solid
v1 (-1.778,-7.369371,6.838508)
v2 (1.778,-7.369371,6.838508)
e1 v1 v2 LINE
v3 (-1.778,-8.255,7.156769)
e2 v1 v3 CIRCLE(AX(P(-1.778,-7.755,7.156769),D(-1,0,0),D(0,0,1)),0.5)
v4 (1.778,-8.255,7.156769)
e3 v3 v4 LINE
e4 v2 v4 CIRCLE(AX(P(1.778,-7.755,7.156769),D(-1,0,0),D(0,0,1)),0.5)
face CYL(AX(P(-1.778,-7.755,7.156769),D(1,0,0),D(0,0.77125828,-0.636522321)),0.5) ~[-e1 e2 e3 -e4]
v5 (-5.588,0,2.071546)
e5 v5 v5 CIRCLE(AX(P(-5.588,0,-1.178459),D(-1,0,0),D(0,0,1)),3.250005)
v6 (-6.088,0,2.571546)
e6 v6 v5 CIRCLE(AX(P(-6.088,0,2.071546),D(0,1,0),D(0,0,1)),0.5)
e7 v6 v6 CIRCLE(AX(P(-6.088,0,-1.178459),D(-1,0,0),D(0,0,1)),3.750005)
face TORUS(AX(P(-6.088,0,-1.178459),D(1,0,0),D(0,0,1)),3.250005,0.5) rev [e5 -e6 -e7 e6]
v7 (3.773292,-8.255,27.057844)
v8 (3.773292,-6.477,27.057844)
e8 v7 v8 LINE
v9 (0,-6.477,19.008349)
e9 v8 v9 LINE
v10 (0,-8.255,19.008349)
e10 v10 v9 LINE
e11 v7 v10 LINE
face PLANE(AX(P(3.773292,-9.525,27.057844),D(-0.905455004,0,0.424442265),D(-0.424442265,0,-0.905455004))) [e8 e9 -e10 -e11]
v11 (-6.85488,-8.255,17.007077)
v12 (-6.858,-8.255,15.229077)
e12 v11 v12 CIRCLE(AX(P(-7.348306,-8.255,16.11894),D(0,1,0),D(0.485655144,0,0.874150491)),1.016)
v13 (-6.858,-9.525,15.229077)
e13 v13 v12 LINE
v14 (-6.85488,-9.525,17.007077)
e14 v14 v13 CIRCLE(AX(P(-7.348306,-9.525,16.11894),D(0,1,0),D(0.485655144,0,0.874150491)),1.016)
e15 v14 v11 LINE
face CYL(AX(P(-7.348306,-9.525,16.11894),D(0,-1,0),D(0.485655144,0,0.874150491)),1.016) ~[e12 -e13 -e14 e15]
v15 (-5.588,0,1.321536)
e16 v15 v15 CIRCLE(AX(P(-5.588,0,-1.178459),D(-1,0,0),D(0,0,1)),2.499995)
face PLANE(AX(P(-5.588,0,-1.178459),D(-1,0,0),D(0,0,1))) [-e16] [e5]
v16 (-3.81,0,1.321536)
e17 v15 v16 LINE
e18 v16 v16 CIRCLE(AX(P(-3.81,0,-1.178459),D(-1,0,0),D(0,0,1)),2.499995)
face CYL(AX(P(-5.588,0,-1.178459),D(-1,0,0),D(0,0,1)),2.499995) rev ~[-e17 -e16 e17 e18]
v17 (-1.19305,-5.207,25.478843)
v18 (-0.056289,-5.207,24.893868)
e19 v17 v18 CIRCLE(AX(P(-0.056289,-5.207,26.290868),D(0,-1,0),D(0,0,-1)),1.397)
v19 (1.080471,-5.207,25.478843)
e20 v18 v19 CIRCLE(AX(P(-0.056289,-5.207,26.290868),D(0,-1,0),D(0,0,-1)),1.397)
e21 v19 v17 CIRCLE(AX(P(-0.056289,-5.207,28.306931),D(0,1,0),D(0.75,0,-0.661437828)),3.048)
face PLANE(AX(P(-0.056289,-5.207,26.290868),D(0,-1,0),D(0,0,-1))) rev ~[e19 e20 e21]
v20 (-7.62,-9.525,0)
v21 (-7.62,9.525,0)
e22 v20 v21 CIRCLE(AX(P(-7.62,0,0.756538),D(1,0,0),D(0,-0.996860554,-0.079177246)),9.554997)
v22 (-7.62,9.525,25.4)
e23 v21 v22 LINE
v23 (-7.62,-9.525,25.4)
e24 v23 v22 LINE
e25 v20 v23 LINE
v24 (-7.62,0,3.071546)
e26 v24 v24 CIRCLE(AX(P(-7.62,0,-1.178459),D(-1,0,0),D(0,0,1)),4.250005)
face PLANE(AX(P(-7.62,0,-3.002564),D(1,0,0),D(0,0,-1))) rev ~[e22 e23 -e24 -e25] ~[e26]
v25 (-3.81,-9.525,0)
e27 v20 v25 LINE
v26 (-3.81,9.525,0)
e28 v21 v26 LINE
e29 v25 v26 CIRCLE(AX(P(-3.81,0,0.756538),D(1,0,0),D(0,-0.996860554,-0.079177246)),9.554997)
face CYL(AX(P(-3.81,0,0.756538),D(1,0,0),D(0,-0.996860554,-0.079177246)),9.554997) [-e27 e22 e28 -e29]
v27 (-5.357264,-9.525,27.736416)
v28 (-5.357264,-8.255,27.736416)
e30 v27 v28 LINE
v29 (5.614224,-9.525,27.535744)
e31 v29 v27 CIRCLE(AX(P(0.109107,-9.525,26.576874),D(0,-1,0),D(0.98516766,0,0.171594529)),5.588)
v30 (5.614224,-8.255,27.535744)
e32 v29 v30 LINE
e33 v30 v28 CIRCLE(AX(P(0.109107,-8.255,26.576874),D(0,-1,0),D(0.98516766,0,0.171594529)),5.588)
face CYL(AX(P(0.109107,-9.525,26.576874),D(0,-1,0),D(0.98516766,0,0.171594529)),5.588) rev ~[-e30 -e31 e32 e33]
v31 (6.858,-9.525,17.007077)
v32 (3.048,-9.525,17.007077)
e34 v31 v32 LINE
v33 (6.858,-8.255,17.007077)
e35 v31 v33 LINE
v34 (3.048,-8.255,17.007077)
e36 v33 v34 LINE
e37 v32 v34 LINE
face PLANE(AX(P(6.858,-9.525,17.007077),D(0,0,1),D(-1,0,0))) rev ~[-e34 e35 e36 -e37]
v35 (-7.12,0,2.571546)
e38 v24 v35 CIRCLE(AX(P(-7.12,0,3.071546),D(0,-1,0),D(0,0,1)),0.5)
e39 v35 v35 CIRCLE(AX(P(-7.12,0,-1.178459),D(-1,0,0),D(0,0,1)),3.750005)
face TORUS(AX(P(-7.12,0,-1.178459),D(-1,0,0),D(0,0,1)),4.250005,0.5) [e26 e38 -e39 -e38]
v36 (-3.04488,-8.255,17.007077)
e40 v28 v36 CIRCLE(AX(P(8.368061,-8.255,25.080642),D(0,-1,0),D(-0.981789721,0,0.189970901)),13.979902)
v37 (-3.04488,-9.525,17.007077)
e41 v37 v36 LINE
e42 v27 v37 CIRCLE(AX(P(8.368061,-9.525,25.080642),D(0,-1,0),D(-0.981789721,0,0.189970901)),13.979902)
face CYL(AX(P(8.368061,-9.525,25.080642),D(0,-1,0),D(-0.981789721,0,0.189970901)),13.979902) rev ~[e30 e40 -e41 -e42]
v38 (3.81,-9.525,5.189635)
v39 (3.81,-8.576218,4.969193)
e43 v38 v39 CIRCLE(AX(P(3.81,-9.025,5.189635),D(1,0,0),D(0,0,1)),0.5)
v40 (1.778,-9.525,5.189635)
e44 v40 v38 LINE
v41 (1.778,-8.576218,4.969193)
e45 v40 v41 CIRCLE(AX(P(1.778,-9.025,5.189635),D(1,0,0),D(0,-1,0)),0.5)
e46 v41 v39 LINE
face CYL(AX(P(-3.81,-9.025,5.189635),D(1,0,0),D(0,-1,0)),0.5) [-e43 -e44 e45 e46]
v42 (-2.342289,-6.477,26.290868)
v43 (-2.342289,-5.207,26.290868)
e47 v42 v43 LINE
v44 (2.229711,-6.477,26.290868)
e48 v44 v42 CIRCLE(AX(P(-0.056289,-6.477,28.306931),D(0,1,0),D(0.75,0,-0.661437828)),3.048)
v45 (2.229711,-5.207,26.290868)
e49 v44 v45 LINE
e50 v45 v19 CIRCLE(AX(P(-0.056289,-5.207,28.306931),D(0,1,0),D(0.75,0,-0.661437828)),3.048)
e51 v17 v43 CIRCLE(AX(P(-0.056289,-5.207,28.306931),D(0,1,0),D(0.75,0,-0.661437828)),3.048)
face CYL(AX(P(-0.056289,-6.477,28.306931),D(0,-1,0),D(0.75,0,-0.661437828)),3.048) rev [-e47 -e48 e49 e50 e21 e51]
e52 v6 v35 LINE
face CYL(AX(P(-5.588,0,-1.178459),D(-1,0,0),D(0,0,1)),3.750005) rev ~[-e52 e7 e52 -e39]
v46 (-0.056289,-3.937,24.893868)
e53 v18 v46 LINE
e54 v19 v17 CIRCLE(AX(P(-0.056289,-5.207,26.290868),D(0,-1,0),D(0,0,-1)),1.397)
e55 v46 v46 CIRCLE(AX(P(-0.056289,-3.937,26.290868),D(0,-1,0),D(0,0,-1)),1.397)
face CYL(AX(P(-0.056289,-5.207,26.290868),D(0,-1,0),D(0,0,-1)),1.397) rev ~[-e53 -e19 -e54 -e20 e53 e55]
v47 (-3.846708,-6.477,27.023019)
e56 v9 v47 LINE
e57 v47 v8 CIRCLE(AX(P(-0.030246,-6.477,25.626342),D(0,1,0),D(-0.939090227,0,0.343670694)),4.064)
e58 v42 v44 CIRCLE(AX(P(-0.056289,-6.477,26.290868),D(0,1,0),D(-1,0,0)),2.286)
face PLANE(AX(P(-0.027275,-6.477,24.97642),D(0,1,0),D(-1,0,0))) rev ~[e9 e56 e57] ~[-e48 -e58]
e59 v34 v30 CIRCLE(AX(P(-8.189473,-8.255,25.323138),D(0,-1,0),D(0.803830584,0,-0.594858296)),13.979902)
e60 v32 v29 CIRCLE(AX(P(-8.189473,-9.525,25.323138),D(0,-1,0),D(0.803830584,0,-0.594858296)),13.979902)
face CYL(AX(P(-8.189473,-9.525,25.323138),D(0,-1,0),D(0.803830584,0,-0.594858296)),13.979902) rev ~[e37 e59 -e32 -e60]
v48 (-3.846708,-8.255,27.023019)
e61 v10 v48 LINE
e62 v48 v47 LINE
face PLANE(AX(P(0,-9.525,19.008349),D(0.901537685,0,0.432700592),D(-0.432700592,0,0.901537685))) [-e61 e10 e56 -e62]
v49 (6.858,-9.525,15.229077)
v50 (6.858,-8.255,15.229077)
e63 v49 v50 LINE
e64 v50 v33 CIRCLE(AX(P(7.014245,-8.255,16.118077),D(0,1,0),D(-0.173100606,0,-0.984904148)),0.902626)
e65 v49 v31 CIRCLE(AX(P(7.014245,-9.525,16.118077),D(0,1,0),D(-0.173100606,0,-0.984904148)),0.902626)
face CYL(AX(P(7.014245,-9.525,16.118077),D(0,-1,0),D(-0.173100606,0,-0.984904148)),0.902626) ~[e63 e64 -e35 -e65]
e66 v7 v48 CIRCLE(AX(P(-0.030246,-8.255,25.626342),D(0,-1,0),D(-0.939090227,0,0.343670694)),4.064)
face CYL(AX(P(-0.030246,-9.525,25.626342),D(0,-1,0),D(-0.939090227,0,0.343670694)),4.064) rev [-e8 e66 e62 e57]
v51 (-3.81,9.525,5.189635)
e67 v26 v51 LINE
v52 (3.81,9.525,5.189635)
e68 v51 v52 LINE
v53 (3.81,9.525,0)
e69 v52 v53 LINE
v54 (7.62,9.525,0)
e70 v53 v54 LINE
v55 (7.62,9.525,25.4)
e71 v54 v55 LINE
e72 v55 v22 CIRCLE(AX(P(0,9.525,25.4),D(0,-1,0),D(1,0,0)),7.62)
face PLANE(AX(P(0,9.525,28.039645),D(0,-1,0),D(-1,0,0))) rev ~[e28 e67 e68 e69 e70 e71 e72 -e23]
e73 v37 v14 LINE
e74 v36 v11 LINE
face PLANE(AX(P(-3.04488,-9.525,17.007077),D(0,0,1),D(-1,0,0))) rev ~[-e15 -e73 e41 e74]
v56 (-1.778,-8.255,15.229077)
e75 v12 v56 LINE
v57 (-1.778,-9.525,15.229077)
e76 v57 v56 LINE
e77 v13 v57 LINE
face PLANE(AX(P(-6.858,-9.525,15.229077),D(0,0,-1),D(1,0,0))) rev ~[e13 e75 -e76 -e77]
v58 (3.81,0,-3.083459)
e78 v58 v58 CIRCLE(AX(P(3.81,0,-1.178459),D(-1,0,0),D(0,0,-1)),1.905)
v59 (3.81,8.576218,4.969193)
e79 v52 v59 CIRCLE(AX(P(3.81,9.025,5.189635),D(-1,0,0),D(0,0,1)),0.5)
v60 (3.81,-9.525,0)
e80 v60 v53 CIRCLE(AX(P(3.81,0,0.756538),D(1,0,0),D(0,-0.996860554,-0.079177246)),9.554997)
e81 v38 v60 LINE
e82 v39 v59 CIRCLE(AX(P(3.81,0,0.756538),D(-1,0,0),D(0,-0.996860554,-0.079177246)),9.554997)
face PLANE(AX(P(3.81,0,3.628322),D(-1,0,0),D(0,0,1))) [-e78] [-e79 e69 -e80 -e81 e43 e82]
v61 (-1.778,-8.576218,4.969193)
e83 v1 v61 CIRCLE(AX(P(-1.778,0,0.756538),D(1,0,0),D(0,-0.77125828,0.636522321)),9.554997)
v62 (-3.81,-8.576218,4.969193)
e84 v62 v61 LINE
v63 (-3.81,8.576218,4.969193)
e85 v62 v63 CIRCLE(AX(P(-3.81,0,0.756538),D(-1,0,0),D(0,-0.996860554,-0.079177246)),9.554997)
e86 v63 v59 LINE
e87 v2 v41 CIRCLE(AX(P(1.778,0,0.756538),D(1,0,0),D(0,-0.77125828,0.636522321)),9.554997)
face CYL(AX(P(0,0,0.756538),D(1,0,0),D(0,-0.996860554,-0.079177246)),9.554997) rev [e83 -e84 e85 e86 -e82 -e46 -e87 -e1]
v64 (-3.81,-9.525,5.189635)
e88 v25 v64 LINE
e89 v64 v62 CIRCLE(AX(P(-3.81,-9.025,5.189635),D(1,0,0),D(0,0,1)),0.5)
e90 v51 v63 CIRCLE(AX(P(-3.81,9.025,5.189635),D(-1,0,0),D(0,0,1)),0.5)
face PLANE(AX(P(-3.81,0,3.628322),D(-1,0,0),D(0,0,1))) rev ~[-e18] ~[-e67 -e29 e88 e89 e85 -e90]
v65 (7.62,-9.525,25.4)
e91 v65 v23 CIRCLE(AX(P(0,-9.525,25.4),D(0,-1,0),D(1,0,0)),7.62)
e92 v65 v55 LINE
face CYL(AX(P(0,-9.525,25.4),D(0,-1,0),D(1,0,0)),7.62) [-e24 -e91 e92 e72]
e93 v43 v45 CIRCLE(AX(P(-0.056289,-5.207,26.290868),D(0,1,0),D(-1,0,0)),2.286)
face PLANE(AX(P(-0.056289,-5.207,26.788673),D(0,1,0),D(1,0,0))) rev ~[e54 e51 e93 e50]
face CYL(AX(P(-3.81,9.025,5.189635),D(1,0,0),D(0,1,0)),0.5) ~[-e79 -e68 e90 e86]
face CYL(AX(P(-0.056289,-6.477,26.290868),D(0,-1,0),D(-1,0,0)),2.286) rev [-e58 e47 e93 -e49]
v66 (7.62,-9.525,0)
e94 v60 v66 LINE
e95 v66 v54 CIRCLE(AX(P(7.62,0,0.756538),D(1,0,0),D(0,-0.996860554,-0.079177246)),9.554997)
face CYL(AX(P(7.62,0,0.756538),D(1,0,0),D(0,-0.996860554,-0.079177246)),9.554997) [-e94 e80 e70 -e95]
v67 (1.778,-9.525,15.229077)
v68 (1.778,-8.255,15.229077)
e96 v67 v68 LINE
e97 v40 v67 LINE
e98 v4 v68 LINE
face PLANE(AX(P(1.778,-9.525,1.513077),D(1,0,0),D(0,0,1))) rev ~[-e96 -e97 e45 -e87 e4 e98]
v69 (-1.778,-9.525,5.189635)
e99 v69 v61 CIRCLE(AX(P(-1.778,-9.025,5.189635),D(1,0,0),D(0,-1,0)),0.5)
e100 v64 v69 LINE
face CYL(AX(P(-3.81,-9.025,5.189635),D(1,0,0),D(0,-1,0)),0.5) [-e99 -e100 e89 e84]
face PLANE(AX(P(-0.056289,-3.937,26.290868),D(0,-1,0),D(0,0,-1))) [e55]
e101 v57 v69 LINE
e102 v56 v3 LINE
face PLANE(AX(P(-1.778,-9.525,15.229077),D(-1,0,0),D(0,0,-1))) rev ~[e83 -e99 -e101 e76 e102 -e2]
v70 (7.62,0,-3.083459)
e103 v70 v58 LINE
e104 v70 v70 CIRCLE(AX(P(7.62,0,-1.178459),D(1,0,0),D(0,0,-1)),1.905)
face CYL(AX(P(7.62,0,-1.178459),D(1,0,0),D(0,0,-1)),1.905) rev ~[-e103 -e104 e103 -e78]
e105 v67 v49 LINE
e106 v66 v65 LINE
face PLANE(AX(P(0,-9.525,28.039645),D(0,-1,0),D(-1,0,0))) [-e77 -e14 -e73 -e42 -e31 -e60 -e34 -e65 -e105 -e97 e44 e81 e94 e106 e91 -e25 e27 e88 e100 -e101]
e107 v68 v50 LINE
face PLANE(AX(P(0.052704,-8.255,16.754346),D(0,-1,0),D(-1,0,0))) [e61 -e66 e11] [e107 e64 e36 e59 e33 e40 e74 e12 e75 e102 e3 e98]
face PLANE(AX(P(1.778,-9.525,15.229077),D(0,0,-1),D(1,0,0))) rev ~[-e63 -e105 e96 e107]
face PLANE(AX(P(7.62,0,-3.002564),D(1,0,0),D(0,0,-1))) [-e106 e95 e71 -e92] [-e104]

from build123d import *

# Parameters (mm, degrees)
SKETCH1_W                                       = 15.24
SKETCH1_H                                       = 19.05
BOSS_EXTRUDE1_DEPTH                             = 25.4
BOSS_EXTRUDE5_DEPTH                             = 3.81
LPATTERN2_COUNT                                 = 2
LPATTERN2_PITCH                                 = 11.43
SKETCH10_R                                      = 1.905
CUT_EXTRUDE1_DEPTH                              = 16.24
BOSS_EXTRUDE6_DEPTH                             = 19.05
CUT_EXTRUDE2_DEPTH                              = 3.81
CBORE_FOR_6_PAN_HEAD_MACHINE_SCREW1_D           = 3.7500052
CBORE_FOR_6_PAN_HEAD_MACHINE_SCREW1_CBORE_D     = 7.5000104
CBORE_FOR_6_PAN_HEAD_MACHINE_SCREW1_CBORE_DEPTH = 2.032
CUT_EXTRUDE3_REACH                              = 15.208
SKETCH22_R                                      = 2.499995
FILLET1_R                                       = 0.5
FILLET2_R                                       = 0.5
CUT_EXTRUDE4_DEPTH                              = 1.27
CUT_EXTRUDE6_DEPTH                              = 3.048
FILLET3_R                                       = 0.5
CUT_EXTRUDE7_DEPTH                              = 1.27
SKETCH27_R                                      = 1.397
CUT_EXTRUDE8_DEPTH                              = 1.27


with BuildPart() as part:
    # Sketch1 → Boss-Extrude1 (new body)
    with BuildSketch(Plane.XY):
        Rectangle(SKETCH1_W, SKETCH1_H)
    extrude(amount=BOSS_EXTRUDE1_DEPTH)

    # Sketch9 → Boss-Extrude5 (add)
    with BuildSketch(Plane(origin=(7.62, 0, 0), x_dir=(0, 0, -1), z_dir=(1, 0, 0))):
        with BuildLine():
            Line((0, 9.525), (0, -9.525))
            ThreePointArc((0, -9.525), (8.798459024, 0), (0, 9.525))
        make_face()
    boss_extrude5 = extrude(amount=-BOSS_EXTRUDE5_DEPTH)

    # LPattern2: Boss-Extrude5 ×2
    with Locations(*[(-i * LPATTERN2_PITCH, 0, 0) for i in range(1, LPATTERN2_COUNT)]):
        add(boss_extrude5)

    # Sketch10 → Cut-Extrude1 (cut, through all)
    with BuildSketch(Plane(origin=(7.62, 0, 0), x_dir=(0, 0, -1), z_dir=(1, 0, 0))):
        with Locations((1.178459024, 0)):
            Circle(SKETCH10_R)
    extrude(amount=-CUT_EXTRUDE1_DEPTH, mode=Mode.SUBTRACT)

    # Sketch13 → Boss-Extrude6 (add)
    with BuildSketch(Plane(origin=(0, -9.525, 0), x_dir=(-1, 0, 0), z_dir=(0, -1, 0))):
        with BuildLine():
            Line((7.62, -25.4), (-7.62, -25.4))
            ThreePointArc((-7.62, -25.4), (0, -33.02), (7.62, -25.4))
        make_face()
    extrude(amount=-BOSS_EXTRUDE6_DEPTH)

    # Sketch17 → Cut-Extrude2 (cut, symmetric)
    with BuildSketch(Plane(origin=(0, 0, 0), x_dir=(0, 0, -1), z_dir=(1, 0, 0))):
        with BuildLine():
            Line((0, 9.525), (0, -9.525))
            ThreePointArc((0, -9.525), (-10.311535776, 0), (0, 9.525))
        make_face()
    extrude(amount=CUT_EXTRUDE2_DEPTH, both=True, mode=Mode.SUBTRACT)

    # CBORE for #6 Pan Head Machine Screw1 (through all)
    with Locations(Plane.ZY.offset(7.62)):
        with Locations((-1.178459024, 0)):
            CounterBoreHole(CBORE_FOR_6_PAN_HEAD_MACHINE_SCREW1_D / 2, CBORE_FOR_6_PAN_HEAD_MACHINE_SCREW1_CBORE_D / 2, CBORE_FOR_6_PAN_HEAD_MACHINE_SCREW1_CBORE_DEPTH)

    # Sketch22 → Cut-Extrude3 (cut, up to next)
    with BuildSketch(Plane.ZY.offset(5.588), mode=Mode.PRIVATE) as cut_extrude3_sk1:
        with Locations((-1.178459024, 0)):
            Circle(SKETCH22_R)
    cut_extrude3_tool1 = extrude(cut_extrude3_sk1.sketch, amount=-CUT_EXTRUDE3_REACH, mode=Mode.PRIVATE) & part.part
    add(cut_extrude3_tool1.solids().sort_by_distance((-5.588, 0, -1.178459))[0], mode=Mode.SUBTRACT)

    # Fillet1
    fillet1_edges = [part.edges().sort_by_distance(p)[0] for p in [
        (0, 9.525, 1.513076752),
        (0, -9.525, 1.513076752),
    ]]
    fillet(fillet1_edges, radius=FILLET1_R)

    # Fillet2
    fillet2_edges = [part.edges().sort_by_distance(p)[0] for p in [
        (-7.62, 0, -4.928464224),
        (-5.588, 0, -4.928464224),
    ]]
    fillet(fillet2_edges, radius=FILLET2_R)

    # Sketch18 → Cut-Extrude4 (cut)
    with BuildSketch(Plane(origin=(0, -9.525, 0), x_dir=(-1, 0, 0), z_dir=(0, -1, 0))):
        with BuildLine():
            Line((3.044880057, -17.007076752), (6.854880057, -17.007076752))
            ThreePointArc((6.854880057, -17.007076752), (6.332307247, -16.11715703), (6.858, -15.229076752))
            Line((6.858, -15.229076752), (1.778, -15.229076752))
            Line((1.778, -15.229076752), (1.778, -1.513076752))
            ThreePointArc((1.778, -1.513076752), (0, -3.291076752), (-1.778, -1.513076752))
            Line((-1.778, -1.513076752), (-1.778, -15.229076752))
            Line((-1.778, -15.229076752), (-6.858, -15.229076752))
            ThreePointArc((-6.858, -15.229076752), (-6.111619184, -16.118076752), (-6.858, -17.007076752))
            Line((-6.858, -17.007076752), (-3.048, -17.007076752))
            ThreePointArc((-3.048, -17.007076752), (-5.392804187, -22.012637101), (-5.614223517, -27.535744431))
            ThreePointArc((-5.614223517, -27.535744431), (-0.211295876, -32.163939746), (5.357263796, -27.736416493))
            ThreePointArc((5.357263796, -27.736416493), (5.298057191, -22.135324722), (3.044880057, -17.007076752))
        make_face()
    extrude(amount=-CUT_EXTRUDE4_DEPTH, mode=Mode.SUBTRACT)

    # Sketch23 → Cut-Extrude6 (cut)
    with BuildSketch(Plane.XZ.offset(9.525)):
        with BuildLine():
            Line((0, 19.008349223), (-3.846708267, 27.023019242))
            ThreePointArc((-3.846708267, 27.023019242), (-0.048818705, 29.690299102), (3.773291733, 27.057844207))
            Line((3.773291733, 27.057844207), (0, 19.008349223))
        make_face()
    extrude(amount=-CUT_EXTRUDE6_DEPTH, mode=Mode.SUBTRACT)

    # Fillet3
    fillet3_edges = [part.edges().sort_by_distance(p)[0] for p in [
        (0, -8.255, 5.568289649),
    ]]
    fillet(fillet3_edges, radius=FILLET3_R)

    # Sketch26 → Cut-Extrude7 (cut)
    with BuildSketch(Plane(origin=(0, -6.477, 0), x_dir=(-1, 0, 0), z_dir=(0, -1, 0))):
        with BuildLine():
            ThreePointArc((2.342289249, -26.290868459), (0.056289249, -28.576868459), (-2.229710751, -26.290868459))
            ThreePointArc((-2.229710751, -26.290868459), (0.056289249, -25.258930958), (2.342289249, -26.290868459))
        make_face()
    extrude(amount=-CUT_EXTRUDE7_DEPTH, mode=Mode.SUBTRACT)

    # Sketch27 → Cut-Extrude8 (cut)
    with BuildSketch(Plane.XZ.offset(5.207)):
        with Locations(Location((-0.056289249, 26.290868459, 0), (0, 0, 270))):  # turned: the seam where the file's is
            Circle(SKETCH27_R)
    extrude(amount=-CUT_EXTRUDE8_DEPTH, mode=Mode.SUBTRACT)


solid = part.part
